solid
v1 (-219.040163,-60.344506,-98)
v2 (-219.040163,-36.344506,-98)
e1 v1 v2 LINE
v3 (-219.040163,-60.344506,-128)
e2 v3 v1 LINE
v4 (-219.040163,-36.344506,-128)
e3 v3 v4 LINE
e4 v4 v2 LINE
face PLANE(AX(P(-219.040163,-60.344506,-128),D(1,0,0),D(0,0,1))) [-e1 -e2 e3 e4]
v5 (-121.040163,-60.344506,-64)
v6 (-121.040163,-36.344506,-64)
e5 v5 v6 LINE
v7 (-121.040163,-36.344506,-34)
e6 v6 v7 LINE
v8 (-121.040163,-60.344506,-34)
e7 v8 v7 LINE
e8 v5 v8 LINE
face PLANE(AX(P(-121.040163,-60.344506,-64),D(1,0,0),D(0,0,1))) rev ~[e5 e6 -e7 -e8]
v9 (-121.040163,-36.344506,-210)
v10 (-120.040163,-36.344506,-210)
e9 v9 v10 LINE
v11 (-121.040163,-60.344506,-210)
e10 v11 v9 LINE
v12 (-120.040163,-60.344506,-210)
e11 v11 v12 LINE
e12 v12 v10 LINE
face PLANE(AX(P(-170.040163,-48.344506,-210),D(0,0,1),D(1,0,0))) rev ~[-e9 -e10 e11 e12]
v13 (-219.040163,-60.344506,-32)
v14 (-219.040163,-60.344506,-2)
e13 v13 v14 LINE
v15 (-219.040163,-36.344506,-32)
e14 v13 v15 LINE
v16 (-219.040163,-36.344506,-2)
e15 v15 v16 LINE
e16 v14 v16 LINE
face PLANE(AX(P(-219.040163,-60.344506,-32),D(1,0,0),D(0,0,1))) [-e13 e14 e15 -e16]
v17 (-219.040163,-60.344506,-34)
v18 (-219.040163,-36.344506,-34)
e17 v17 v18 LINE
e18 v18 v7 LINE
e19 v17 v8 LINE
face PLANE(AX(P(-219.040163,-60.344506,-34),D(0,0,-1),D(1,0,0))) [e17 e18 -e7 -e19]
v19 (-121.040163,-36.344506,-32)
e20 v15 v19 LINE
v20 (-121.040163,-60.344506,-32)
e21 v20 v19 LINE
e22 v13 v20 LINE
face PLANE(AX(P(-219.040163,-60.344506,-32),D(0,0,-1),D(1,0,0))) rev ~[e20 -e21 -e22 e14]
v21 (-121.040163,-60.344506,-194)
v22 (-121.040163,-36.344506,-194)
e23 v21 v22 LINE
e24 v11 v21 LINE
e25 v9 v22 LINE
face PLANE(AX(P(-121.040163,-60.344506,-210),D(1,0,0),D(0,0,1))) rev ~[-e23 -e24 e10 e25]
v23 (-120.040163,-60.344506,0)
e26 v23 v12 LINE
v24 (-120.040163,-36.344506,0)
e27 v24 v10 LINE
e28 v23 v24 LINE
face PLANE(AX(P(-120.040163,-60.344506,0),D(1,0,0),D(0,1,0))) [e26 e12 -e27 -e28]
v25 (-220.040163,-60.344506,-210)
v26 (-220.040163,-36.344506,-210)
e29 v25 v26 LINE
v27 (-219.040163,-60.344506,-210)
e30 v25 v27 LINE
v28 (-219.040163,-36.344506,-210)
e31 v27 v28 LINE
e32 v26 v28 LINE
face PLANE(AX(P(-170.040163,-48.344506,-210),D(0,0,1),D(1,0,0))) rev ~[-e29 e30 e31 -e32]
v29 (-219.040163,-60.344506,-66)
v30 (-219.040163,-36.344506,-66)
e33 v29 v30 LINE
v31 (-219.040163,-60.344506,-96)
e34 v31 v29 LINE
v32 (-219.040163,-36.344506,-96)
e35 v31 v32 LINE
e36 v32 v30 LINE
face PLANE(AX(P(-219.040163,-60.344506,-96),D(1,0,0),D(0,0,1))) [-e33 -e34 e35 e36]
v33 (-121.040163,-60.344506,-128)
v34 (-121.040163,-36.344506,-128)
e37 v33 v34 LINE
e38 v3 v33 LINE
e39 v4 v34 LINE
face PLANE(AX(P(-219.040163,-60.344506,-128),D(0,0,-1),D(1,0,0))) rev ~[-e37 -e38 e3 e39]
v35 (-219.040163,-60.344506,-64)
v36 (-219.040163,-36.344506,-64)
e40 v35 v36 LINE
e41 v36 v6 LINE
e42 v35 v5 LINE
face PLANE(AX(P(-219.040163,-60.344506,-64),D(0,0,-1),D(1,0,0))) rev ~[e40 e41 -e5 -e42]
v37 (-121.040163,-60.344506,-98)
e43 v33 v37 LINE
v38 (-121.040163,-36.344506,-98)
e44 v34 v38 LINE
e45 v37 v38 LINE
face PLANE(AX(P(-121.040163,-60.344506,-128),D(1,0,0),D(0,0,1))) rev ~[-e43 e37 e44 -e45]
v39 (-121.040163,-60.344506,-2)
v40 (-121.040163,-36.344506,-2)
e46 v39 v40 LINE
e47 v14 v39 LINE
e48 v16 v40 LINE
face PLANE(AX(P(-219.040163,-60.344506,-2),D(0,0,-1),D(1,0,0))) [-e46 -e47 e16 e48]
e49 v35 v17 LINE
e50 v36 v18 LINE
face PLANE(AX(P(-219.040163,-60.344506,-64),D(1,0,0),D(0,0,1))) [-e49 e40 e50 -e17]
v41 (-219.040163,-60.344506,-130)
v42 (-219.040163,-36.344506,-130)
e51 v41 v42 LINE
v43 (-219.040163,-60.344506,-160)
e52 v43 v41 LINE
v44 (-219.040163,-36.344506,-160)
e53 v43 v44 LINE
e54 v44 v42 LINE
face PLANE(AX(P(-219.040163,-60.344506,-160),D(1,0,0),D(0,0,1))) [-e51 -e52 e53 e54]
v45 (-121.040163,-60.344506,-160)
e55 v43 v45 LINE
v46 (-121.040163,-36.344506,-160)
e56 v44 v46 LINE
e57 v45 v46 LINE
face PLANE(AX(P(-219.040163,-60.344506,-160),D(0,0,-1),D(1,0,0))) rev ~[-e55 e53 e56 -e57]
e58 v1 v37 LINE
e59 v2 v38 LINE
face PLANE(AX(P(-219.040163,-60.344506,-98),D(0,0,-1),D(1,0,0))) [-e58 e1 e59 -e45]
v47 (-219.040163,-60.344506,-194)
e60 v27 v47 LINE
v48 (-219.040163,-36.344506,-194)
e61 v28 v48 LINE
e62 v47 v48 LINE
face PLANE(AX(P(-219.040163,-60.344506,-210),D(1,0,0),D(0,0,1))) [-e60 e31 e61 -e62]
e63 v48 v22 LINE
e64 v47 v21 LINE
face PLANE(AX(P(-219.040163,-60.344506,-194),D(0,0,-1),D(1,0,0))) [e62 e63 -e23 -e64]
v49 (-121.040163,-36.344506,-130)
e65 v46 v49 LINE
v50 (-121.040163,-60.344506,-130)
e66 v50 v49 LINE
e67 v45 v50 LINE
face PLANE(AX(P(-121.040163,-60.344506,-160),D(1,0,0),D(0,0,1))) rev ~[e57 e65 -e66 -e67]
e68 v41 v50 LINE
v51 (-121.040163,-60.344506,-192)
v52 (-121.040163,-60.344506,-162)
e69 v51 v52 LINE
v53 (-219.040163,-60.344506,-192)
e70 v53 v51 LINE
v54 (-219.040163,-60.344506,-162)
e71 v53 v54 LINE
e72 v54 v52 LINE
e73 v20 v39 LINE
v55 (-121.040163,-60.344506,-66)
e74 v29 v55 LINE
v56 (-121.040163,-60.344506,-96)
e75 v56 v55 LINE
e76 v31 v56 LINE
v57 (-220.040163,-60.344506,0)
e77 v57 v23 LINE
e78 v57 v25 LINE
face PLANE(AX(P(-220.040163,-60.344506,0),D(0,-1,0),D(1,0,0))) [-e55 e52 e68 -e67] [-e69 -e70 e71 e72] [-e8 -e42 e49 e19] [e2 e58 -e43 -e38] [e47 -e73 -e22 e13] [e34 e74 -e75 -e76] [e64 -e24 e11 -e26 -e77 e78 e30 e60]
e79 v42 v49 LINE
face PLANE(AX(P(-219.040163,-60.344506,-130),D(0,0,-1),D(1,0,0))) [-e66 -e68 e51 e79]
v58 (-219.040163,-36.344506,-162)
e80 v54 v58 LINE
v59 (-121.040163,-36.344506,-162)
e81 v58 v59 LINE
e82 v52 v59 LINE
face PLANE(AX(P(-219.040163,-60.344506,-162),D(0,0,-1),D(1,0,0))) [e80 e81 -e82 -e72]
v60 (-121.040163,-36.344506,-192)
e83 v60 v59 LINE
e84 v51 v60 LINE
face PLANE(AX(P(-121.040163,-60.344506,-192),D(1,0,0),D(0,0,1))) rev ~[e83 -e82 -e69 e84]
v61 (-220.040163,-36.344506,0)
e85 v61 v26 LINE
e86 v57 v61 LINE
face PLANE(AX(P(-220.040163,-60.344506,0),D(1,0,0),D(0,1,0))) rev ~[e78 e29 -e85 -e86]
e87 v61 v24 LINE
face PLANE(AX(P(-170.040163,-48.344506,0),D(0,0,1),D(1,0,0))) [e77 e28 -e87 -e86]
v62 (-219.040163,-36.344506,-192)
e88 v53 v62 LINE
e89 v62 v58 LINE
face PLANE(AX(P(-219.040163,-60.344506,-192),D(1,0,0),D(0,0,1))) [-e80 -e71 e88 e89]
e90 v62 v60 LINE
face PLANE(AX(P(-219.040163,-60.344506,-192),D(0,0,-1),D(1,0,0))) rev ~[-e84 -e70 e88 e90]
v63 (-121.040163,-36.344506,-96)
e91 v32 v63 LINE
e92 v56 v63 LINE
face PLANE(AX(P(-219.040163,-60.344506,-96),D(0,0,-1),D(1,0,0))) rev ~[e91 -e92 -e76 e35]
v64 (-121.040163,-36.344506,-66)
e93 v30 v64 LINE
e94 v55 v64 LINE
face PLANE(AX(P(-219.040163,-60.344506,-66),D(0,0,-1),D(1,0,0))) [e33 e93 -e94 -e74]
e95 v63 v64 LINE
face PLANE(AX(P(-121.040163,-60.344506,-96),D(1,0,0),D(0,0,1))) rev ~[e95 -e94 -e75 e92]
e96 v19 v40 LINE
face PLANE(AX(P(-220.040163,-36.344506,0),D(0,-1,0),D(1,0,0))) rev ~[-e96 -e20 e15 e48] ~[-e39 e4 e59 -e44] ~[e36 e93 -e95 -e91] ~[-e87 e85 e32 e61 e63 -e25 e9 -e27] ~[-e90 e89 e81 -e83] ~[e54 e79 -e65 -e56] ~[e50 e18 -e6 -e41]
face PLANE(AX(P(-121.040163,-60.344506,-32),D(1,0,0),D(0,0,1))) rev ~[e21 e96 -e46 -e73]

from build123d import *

# Parameters (mm, degrees)
F0_W     = 100
F0_H     = 24
F1_DEPTH = 210
F2_W     = 98
F2_H     = 30
F2_H_2   = 16
F3_DEPTH = 26


with BuildPart() as f1:
    # F0 (on Top) → F1 (new body)
    with BuildSketch(Plane.XY):
        with Locations((-170.040163, -48.344506)):
            Rectangle(F0_W, F0_H)
    extrude(amount=-F1_DEPTH)

    # F2 (on face) → F3 (cut)
    with BuildSketch(Plane.XZ.offset(60.344506)):
        with Locations((-170.040163, -17)):
            Rectangle(F2_W, F2_H)
        with Locations((-170.040163, -49)):
            Rectangle(F2_W, F2_H)
        with Locations((-170.040163, -81)):
            Rectangle(F2_W, F2_H)
        with Locations((-170.040163, -113)):
            Rectangle(F2_W, F2_H)
        with Locations((-170.040163, -145)):
            Rectangle(F2_W, F2_H)
        with Locations((-170.040163, -177)):
            Rectangle(F2_W, F2_H)
        with Locations((-170.040163, -202)):
            Rectangle(F2_W, F2_H_2)
    extrude(amount=-F3_DEPTH, mode=Mode.SUBTRACT)


solid = f1.part
